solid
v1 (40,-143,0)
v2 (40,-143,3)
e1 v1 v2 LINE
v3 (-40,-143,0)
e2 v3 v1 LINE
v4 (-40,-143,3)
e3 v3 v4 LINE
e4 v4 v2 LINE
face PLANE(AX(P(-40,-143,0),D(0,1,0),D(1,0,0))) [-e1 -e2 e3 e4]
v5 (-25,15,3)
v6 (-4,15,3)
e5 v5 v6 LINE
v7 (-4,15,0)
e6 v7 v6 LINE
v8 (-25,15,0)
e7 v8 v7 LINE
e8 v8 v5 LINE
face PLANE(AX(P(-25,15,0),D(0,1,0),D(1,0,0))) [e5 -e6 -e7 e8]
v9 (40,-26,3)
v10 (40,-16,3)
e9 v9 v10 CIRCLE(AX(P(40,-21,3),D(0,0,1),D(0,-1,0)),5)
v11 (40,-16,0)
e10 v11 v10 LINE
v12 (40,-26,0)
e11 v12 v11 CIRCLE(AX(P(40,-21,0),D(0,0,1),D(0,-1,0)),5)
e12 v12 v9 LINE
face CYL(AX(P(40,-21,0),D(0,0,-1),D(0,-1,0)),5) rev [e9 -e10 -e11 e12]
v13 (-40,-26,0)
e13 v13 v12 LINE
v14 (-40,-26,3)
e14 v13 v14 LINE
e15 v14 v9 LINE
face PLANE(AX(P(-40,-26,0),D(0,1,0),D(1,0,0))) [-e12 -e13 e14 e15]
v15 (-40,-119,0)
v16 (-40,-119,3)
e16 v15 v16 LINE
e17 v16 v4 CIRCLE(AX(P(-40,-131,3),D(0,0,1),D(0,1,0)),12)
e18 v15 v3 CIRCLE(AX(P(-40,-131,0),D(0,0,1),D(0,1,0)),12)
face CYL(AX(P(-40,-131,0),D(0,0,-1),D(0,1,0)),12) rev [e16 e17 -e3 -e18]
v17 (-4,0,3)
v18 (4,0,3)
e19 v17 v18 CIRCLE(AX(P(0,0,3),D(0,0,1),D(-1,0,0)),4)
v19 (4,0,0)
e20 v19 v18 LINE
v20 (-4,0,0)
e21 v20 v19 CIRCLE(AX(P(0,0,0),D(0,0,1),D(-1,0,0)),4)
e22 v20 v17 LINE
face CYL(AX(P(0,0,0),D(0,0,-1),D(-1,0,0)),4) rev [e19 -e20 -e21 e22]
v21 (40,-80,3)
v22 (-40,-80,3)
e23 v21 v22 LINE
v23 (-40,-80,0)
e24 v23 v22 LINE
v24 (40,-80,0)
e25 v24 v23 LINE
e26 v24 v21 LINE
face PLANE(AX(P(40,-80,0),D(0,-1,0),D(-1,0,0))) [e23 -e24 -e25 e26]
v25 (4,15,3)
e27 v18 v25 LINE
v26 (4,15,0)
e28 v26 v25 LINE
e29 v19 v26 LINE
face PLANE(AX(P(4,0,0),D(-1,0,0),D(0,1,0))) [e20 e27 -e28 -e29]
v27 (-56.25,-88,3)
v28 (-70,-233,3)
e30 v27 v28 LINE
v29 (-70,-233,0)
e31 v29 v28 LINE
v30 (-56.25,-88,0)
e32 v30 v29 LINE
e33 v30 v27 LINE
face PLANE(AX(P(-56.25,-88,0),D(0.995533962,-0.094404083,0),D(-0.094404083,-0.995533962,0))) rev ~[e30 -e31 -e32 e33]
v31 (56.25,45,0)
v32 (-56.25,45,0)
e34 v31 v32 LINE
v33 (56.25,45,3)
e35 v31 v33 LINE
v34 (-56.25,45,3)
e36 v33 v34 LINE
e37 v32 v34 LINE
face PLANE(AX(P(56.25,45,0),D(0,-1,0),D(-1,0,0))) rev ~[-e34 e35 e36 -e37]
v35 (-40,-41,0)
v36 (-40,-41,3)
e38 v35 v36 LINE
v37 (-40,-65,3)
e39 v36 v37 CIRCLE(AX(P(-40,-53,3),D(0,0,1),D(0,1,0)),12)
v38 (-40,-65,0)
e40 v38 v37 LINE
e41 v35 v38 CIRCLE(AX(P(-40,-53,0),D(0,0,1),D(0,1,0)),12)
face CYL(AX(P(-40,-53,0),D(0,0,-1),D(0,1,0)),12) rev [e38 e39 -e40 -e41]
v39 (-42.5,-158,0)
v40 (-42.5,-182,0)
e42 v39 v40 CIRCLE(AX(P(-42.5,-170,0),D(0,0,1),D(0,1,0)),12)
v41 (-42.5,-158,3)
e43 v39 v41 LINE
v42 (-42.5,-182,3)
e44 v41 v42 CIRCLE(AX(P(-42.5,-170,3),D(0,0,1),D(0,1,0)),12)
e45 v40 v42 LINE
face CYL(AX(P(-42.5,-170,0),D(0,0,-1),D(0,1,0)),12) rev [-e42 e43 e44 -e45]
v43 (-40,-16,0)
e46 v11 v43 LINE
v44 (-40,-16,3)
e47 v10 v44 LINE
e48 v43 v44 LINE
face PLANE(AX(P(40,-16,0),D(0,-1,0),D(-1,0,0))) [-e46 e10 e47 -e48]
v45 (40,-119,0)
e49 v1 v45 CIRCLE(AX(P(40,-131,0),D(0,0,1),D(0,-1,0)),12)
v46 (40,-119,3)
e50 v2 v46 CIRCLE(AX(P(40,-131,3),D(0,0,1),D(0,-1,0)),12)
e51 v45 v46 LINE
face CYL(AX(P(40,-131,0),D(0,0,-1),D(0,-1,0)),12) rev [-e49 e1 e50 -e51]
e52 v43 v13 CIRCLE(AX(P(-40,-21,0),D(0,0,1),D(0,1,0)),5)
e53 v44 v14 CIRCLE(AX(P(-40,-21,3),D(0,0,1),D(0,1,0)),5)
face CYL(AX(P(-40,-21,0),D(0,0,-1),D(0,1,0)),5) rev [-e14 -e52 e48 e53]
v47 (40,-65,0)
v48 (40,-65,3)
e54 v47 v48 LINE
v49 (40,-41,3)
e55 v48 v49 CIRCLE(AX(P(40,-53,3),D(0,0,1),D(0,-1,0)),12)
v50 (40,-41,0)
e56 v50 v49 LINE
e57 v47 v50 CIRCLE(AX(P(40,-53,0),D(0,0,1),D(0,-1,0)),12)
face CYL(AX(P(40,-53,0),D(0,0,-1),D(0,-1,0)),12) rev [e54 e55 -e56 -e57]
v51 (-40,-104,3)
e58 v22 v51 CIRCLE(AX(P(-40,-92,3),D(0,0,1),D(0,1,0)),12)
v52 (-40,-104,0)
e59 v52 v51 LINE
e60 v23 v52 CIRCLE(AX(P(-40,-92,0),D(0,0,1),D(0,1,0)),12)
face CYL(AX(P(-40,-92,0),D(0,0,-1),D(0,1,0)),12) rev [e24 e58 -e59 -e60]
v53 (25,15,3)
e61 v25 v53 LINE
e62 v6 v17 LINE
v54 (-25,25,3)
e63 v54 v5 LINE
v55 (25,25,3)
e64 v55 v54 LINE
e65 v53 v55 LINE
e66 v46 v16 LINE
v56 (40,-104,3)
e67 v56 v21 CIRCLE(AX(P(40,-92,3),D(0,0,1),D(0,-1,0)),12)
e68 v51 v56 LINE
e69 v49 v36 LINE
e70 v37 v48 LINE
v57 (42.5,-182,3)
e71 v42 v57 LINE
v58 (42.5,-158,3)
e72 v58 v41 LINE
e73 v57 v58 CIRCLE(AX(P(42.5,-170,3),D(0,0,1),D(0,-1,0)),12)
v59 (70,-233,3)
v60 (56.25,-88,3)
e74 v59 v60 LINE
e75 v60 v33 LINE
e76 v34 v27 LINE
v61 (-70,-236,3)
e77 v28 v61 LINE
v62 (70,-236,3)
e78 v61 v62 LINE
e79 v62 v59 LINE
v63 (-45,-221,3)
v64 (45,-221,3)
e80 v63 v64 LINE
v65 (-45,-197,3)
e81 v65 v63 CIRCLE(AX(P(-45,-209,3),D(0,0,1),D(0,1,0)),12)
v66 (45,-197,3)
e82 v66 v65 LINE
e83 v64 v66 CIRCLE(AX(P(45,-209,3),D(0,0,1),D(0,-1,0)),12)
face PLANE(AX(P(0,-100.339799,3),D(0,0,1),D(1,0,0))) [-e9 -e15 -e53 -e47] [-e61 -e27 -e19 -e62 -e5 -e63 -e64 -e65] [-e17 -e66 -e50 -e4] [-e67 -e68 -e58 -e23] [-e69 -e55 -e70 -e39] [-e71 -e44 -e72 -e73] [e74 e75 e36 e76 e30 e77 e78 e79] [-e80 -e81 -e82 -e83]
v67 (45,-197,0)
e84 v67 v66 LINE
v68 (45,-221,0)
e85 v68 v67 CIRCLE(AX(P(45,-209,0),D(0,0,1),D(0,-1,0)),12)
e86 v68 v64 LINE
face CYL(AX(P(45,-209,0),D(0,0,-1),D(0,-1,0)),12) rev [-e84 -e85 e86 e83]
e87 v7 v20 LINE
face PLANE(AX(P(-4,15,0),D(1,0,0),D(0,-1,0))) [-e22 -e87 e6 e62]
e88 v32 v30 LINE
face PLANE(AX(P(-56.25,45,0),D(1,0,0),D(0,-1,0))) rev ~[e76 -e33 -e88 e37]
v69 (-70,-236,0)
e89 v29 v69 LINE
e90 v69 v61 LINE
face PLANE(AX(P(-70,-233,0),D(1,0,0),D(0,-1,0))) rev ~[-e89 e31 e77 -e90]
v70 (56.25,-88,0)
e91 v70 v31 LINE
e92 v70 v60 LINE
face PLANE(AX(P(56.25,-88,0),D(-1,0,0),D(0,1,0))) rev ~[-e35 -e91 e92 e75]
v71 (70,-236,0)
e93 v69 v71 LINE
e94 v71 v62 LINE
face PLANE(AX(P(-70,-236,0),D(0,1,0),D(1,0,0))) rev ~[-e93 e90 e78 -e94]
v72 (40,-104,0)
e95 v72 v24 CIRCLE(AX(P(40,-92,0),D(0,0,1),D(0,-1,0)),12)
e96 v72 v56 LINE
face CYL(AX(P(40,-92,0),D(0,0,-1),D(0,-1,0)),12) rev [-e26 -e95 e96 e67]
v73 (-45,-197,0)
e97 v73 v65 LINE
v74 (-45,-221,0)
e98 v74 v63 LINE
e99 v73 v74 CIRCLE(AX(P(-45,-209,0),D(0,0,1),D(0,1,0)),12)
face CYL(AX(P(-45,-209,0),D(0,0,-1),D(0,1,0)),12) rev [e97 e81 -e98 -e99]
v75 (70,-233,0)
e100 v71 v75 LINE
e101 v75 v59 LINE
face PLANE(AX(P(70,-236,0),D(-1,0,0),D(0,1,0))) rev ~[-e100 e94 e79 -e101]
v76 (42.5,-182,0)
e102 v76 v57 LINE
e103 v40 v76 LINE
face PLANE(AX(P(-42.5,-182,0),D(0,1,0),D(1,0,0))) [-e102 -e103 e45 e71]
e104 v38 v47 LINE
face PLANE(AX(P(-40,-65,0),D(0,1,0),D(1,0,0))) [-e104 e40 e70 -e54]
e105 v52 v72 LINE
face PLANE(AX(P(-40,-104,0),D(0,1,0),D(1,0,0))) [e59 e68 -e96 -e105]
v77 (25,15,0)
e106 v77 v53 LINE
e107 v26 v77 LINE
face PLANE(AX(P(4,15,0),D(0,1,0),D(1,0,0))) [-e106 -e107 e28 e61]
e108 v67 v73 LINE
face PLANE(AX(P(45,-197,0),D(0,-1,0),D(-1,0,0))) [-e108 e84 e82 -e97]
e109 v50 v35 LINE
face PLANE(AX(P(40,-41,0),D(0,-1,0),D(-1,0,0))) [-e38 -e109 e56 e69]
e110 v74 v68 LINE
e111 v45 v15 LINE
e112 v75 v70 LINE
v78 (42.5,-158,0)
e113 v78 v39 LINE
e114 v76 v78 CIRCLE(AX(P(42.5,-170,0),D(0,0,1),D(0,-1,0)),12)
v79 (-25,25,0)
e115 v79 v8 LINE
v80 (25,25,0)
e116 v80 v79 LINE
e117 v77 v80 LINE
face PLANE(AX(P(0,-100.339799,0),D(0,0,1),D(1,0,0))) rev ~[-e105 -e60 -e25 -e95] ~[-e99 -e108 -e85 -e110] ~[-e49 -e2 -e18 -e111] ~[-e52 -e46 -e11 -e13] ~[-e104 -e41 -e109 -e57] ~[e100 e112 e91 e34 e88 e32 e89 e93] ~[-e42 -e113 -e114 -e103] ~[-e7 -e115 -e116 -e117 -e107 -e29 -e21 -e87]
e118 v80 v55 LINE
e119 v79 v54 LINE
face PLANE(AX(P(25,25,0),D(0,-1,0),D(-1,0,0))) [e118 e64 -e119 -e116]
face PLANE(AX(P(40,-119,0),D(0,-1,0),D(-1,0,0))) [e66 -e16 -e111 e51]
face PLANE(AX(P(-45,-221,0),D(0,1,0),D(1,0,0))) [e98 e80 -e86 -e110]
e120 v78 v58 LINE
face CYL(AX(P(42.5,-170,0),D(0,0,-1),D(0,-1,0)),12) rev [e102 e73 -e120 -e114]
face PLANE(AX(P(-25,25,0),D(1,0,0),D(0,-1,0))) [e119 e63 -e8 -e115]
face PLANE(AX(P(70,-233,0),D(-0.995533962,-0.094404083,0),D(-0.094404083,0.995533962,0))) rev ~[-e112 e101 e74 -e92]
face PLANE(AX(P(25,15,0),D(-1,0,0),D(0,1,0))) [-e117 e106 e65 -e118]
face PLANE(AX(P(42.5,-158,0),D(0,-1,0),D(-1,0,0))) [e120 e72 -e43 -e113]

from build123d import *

# Parameters (mm, degrees)
BOSS_EXTRUDE1_DEPTH = 3


with BuildPart() as part:
    # Sketch1 → Boss-Extrude1 (new body)
    with BuildSketch(Plane.XY):
        Polygon((-70, -236), (70, -236), (70, -233), (56.25, -88), (56.25, 45), (-56.25, 45), (-56.25, -88), (-70, -233), align=None)
        with BuildLine():
            Line((40, -16), (-40, -16))
            ThreePointArc((-40, -16), (-45, -21), (-40, -26))
            Line((-40, -26), (40, -26))
            ThreePointArc((40, -26), (45, -21), (40, -16))
        make_face(mode=Mode.SUBTRACT)
        with BuildLine():
            Line((25, 15), (25, 25))
            Line((25, 25), (-25, 25))
            Line((-25, 25), (-25, 15))
            Line((-25, 15), (-4, 15))
            Line((-4, 15), (-4, 0))
            ThreePointArc((-4, 0), (0, -4), (4, 0))
            Line((4, 0), (4, 15))
            Line((4, 15), (25, 15))
        make_face(mode=Mode.SUBTRACT)
        with BuildLine():
            Line((40, -41), (-40, -41))
            ThreePointArc((-40, -41), (-52, -53), (-40, -65))
            Line((-40, -65), (40, -65))
            ThreePointArc((40, -65), (52, -53), (40, -41))
        make_face(mode=Mode.SUBTRACT)
        with BuildLine():
            Line((40, -80), (-40, -80))
            ThreePointArc((-40, -80), (-52, -92), (-40, -104))
            Line((-40, -104), (40, -104))
            ThreePointArc((40, -104), (52, -92), (40, -80))
        make_face(mode=Mode.SUBTRACT)
        with BuildLine():
            Line((40, -119), (-40, -119))
            ThreePointArc((-40, -119), (-52, -131), (-40, -143))
            Line((-40, -143), (40, -143))
            ThreePointArc((40, -143), (52, -131), (40, -119))
        make_face(mode=Mode.SUBTRACT)
        with BuildLine():
            Line((42.5, -158), (-42.5, -158))
            ThreePointArc((-42.5, -158), (-54.5, -170), (-42.5, -182))
            Line((-42.5, -182), (42.5, -182))
            ThreePointArc((42.5, -182), (54.5, -170), (42.5, -158))
        make_face(mode=Mode.SUBTRACT)
        with BuildLine():
            Line((45, -197), (-45, -197))
            ThreePointArc((-45, -197), (-57, -209), (-45, -221))
            Line((-45, -221), (45, -221))
            ThreePointArc((45, -221), (57, -209), (45, -197))
        make_face(mode=Mode.SUBTRACT)
    extrude(amount=BOSS_EXTRUDE1_DEPTH)


solid = part.part
